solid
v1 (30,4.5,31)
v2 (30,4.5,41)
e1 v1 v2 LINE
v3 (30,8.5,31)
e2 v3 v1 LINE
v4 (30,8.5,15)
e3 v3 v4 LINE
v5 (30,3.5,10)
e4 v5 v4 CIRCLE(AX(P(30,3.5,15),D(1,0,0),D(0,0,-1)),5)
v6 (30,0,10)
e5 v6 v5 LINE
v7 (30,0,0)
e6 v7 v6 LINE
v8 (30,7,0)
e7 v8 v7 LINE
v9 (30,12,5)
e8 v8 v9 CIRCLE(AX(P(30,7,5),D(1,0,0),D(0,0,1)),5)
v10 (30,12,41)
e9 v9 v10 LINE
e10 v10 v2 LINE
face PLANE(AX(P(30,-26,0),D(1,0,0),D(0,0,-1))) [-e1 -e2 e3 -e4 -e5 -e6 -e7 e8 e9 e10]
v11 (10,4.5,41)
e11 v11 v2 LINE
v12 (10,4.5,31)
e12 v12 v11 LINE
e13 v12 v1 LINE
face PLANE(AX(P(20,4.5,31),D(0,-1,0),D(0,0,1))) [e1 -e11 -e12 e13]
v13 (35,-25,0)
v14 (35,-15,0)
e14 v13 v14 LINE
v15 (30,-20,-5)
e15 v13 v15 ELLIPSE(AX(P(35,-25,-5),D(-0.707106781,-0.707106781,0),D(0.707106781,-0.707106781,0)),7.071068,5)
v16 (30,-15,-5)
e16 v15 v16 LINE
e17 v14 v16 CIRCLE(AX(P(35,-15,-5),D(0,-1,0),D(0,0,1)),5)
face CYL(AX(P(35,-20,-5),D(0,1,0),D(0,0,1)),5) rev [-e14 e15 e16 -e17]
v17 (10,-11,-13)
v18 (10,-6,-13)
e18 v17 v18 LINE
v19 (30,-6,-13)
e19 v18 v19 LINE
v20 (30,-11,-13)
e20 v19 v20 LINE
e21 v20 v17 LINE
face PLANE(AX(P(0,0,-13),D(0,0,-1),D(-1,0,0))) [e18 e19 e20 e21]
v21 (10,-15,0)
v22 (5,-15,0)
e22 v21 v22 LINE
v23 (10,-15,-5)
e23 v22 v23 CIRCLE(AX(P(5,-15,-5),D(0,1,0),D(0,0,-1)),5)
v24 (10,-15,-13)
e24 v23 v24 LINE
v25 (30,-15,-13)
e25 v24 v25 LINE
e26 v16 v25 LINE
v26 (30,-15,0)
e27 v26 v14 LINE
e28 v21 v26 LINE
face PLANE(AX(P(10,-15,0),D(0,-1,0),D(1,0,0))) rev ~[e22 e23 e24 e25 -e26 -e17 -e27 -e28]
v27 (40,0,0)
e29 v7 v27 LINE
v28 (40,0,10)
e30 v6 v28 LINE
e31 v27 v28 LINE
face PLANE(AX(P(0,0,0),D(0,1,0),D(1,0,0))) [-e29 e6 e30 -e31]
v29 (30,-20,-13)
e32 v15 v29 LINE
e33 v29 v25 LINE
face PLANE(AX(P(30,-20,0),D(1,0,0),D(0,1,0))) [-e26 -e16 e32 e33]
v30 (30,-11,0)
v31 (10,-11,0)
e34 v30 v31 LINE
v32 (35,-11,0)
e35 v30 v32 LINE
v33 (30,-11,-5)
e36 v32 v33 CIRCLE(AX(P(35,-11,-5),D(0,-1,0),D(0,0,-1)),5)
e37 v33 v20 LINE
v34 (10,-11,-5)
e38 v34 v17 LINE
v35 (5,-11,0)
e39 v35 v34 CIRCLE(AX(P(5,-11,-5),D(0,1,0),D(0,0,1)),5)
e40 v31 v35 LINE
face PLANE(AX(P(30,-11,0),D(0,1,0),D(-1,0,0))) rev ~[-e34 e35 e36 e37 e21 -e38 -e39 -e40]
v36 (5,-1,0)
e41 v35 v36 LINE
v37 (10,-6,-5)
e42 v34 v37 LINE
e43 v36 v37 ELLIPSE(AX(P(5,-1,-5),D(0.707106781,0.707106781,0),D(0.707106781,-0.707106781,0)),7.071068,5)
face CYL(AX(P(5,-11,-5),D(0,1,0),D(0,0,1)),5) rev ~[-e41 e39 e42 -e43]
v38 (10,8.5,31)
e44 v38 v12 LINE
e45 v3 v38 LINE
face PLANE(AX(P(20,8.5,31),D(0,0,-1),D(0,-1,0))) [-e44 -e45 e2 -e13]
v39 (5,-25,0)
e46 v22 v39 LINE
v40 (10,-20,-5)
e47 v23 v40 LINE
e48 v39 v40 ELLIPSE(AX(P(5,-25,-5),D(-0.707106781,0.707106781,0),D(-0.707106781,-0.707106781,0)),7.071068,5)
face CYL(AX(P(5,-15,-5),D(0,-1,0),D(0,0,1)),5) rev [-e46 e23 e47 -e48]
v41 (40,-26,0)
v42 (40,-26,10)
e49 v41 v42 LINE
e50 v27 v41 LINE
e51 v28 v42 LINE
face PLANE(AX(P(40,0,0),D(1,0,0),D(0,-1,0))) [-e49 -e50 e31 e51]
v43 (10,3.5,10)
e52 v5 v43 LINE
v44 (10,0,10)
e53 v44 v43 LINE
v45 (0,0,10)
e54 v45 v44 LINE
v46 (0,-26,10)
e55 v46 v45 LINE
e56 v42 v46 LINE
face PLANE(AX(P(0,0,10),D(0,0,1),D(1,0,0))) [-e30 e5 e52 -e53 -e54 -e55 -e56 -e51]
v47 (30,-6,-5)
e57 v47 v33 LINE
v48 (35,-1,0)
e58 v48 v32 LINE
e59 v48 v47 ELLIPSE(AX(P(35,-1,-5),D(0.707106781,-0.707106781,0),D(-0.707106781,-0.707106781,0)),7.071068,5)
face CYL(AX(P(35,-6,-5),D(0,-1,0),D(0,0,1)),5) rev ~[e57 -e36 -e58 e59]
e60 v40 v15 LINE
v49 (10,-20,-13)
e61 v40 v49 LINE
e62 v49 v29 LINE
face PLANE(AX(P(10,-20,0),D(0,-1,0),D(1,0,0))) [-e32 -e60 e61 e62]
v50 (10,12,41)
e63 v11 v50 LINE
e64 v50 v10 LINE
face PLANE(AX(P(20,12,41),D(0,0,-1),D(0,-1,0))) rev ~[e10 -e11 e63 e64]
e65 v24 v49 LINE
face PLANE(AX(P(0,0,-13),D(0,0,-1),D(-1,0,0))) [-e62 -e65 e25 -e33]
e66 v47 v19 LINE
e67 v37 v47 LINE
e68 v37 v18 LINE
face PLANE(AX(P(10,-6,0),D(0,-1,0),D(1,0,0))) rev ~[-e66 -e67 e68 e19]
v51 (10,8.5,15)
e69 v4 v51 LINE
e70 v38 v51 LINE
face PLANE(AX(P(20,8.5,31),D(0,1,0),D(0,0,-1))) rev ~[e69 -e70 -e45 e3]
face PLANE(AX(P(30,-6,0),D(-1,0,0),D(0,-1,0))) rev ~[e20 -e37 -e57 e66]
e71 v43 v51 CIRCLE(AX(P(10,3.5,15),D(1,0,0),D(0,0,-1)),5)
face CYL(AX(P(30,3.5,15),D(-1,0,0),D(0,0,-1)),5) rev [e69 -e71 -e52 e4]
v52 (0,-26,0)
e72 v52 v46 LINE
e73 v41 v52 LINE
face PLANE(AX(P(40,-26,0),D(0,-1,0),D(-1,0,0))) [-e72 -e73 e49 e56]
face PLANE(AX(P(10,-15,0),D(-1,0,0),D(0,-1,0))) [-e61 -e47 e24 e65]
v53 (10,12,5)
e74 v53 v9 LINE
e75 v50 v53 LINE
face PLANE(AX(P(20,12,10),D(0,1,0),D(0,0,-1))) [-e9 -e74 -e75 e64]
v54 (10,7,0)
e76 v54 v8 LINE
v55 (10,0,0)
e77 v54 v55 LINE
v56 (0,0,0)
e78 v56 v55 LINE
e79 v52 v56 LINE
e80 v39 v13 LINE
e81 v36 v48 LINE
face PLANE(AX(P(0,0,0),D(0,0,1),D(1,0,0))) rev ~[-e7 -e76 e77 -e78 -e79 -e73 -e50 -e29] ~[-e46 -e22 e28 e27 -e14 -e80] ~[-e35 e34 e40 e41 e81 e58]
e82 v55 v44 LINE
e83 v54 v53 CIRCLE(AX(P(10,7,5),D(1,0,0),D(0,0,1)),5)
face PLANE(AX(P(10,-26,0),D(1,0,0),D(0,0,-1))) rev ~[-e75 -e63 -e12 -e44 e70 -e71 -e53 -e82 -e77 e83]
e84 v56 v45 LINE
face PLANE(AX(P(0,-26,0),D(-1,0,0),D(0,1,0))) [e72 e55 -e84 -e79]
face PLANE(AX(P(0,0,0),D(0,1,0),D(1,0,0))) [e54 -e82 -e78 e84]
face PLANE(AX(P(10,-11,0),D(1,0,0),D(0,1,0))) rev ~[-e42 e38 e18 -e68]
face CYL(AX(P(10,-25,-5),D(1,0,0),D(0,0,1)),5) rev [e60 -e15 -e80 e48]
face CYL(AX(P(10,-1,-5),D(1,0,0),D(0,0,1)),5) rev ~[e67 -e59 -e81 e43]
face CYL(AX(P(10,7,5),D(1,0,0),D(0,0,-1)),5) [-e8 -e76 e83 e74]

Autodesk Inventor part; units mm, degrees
ref_plane "YZ Plane" through (0, 0, 0) normal (1, 0, 0) x (0, 1, 0)
ref_plane "XZ Plane" through (0, 0, 0) normal (0, 1, 0) x (-1, 0, 0)
ref_plane "XY Plane" through (0, 0, 0) normal (0, 0, 1) x (1, 0, 0)
sketch "草图1" plane through (0, 0, 0) normal (0, 0, 1) x (1, 0, 0)
  line L0 (0, 0) -> (40, 0)
  line L1 (40, 0) -> (40, -26)
  line L2 (40, -26) -> (0, -26)
  line L3 (0, -26) -> (0, 0)
  dimension "d0" = 40
  dimension "d1" = 26
extrude "拉伸1" add sketch "草图1" along normal blind 10
ref_plane "工作平面1" through (20, -26, 0) normal (1, 0, 0) x (0, 0, -1)
sketch "草图2" plane through (20, -26, 0) normal (1, 0, 0) x (0, 0, -1)
  line L0 (0, 26) -> (-10, 26) projected
  line L1 (0, 26) -> (-10, 26)
  line L2 (-10, 26) -> (-10, 38)
  line L3 (-10, 38) -> (0, 38)
  line L4 (0, 38) -> (0, 26)
  line L5 (-10, 38) -> (-41, 38)
  line L6 (-41, 38) -> (-41, 34.5)
  line L7 (-41, 34.5) -> (-10, 34.5)
  line L8 (-10, 34.5) -> (-10, 38)
  line L9 (-41, 34.5) -> (-31, 34.5)
  line L10 (-31, 34.5) -> (-31, 30.5)
  line L11 (-31, 30.5) -> (-41, 30.5)
  line L12 (-41, 30.5) -> (-41, 34.5)
  dimension "d5" = 10
  dimension "d6" = 12
  dimension "d7" = 31
  dimension "d8" = 3.5
  dimension "d9" = 10
  dimension "d10" = 4
extrude "拉伸2" add sketch "草图2" along normal mid plane 20
sketch "草图3" plane through (0, 0, 0) normal (0, 0, -1) x (-1, 0, 0)
  line L0 (-30, -11) -> (-10, -11)
  line L1 (-10, -11) -> (-10, -15)
  line L2 (-10, -15) -> (-30, -15)
  line L3 (-30, -15) -> (-30, -11)
  line L4 (-40, 0) -> (-30, 0) projected
  line L5 (-40, -26) -> (-40, 0) projected
  line L6 (-30, -11) -> (-10, -11)
  line L7 (-10, -11) -> (-10, -6)
  line L8 (-10, -6) -> (-30, -6)
  line L9 (-30, -6) -> (-30, -11)
  line L10 (-30, -15) -> (-10, -15)
  line L11 (-10, -15) -> (-10, -20)
  line L12 (-10, -20) -> (-30, -20)
  line L13 (-30, -20) -> (-30, -15)
  point P0 (0, 0)
  dimension "d13" = 20
  dimension "d14" = 4
  dimension "d15" = 11
  dimension "d16" = 10
  dimension "d17" = 5
  dimension "d18" = 20
  dimension "d19" = 5
extrude "拉伸3" add sketch "草图3" along normal blind 13 contours L9 L8 L7 L0 | L2 L11 L12 L13
fillet "圆角1" radius 5 6 edges at (30, -8.5, 0) (20, -6, 0) (10, -8.5, 0) (10, -17.5, 0) (20, -20, 0) (30, -17.5, 0)
fillet "圆角2" radius 5 2 edges at (20, 12, 0) (20, 8.5, 10)
properties part number "连接件"
